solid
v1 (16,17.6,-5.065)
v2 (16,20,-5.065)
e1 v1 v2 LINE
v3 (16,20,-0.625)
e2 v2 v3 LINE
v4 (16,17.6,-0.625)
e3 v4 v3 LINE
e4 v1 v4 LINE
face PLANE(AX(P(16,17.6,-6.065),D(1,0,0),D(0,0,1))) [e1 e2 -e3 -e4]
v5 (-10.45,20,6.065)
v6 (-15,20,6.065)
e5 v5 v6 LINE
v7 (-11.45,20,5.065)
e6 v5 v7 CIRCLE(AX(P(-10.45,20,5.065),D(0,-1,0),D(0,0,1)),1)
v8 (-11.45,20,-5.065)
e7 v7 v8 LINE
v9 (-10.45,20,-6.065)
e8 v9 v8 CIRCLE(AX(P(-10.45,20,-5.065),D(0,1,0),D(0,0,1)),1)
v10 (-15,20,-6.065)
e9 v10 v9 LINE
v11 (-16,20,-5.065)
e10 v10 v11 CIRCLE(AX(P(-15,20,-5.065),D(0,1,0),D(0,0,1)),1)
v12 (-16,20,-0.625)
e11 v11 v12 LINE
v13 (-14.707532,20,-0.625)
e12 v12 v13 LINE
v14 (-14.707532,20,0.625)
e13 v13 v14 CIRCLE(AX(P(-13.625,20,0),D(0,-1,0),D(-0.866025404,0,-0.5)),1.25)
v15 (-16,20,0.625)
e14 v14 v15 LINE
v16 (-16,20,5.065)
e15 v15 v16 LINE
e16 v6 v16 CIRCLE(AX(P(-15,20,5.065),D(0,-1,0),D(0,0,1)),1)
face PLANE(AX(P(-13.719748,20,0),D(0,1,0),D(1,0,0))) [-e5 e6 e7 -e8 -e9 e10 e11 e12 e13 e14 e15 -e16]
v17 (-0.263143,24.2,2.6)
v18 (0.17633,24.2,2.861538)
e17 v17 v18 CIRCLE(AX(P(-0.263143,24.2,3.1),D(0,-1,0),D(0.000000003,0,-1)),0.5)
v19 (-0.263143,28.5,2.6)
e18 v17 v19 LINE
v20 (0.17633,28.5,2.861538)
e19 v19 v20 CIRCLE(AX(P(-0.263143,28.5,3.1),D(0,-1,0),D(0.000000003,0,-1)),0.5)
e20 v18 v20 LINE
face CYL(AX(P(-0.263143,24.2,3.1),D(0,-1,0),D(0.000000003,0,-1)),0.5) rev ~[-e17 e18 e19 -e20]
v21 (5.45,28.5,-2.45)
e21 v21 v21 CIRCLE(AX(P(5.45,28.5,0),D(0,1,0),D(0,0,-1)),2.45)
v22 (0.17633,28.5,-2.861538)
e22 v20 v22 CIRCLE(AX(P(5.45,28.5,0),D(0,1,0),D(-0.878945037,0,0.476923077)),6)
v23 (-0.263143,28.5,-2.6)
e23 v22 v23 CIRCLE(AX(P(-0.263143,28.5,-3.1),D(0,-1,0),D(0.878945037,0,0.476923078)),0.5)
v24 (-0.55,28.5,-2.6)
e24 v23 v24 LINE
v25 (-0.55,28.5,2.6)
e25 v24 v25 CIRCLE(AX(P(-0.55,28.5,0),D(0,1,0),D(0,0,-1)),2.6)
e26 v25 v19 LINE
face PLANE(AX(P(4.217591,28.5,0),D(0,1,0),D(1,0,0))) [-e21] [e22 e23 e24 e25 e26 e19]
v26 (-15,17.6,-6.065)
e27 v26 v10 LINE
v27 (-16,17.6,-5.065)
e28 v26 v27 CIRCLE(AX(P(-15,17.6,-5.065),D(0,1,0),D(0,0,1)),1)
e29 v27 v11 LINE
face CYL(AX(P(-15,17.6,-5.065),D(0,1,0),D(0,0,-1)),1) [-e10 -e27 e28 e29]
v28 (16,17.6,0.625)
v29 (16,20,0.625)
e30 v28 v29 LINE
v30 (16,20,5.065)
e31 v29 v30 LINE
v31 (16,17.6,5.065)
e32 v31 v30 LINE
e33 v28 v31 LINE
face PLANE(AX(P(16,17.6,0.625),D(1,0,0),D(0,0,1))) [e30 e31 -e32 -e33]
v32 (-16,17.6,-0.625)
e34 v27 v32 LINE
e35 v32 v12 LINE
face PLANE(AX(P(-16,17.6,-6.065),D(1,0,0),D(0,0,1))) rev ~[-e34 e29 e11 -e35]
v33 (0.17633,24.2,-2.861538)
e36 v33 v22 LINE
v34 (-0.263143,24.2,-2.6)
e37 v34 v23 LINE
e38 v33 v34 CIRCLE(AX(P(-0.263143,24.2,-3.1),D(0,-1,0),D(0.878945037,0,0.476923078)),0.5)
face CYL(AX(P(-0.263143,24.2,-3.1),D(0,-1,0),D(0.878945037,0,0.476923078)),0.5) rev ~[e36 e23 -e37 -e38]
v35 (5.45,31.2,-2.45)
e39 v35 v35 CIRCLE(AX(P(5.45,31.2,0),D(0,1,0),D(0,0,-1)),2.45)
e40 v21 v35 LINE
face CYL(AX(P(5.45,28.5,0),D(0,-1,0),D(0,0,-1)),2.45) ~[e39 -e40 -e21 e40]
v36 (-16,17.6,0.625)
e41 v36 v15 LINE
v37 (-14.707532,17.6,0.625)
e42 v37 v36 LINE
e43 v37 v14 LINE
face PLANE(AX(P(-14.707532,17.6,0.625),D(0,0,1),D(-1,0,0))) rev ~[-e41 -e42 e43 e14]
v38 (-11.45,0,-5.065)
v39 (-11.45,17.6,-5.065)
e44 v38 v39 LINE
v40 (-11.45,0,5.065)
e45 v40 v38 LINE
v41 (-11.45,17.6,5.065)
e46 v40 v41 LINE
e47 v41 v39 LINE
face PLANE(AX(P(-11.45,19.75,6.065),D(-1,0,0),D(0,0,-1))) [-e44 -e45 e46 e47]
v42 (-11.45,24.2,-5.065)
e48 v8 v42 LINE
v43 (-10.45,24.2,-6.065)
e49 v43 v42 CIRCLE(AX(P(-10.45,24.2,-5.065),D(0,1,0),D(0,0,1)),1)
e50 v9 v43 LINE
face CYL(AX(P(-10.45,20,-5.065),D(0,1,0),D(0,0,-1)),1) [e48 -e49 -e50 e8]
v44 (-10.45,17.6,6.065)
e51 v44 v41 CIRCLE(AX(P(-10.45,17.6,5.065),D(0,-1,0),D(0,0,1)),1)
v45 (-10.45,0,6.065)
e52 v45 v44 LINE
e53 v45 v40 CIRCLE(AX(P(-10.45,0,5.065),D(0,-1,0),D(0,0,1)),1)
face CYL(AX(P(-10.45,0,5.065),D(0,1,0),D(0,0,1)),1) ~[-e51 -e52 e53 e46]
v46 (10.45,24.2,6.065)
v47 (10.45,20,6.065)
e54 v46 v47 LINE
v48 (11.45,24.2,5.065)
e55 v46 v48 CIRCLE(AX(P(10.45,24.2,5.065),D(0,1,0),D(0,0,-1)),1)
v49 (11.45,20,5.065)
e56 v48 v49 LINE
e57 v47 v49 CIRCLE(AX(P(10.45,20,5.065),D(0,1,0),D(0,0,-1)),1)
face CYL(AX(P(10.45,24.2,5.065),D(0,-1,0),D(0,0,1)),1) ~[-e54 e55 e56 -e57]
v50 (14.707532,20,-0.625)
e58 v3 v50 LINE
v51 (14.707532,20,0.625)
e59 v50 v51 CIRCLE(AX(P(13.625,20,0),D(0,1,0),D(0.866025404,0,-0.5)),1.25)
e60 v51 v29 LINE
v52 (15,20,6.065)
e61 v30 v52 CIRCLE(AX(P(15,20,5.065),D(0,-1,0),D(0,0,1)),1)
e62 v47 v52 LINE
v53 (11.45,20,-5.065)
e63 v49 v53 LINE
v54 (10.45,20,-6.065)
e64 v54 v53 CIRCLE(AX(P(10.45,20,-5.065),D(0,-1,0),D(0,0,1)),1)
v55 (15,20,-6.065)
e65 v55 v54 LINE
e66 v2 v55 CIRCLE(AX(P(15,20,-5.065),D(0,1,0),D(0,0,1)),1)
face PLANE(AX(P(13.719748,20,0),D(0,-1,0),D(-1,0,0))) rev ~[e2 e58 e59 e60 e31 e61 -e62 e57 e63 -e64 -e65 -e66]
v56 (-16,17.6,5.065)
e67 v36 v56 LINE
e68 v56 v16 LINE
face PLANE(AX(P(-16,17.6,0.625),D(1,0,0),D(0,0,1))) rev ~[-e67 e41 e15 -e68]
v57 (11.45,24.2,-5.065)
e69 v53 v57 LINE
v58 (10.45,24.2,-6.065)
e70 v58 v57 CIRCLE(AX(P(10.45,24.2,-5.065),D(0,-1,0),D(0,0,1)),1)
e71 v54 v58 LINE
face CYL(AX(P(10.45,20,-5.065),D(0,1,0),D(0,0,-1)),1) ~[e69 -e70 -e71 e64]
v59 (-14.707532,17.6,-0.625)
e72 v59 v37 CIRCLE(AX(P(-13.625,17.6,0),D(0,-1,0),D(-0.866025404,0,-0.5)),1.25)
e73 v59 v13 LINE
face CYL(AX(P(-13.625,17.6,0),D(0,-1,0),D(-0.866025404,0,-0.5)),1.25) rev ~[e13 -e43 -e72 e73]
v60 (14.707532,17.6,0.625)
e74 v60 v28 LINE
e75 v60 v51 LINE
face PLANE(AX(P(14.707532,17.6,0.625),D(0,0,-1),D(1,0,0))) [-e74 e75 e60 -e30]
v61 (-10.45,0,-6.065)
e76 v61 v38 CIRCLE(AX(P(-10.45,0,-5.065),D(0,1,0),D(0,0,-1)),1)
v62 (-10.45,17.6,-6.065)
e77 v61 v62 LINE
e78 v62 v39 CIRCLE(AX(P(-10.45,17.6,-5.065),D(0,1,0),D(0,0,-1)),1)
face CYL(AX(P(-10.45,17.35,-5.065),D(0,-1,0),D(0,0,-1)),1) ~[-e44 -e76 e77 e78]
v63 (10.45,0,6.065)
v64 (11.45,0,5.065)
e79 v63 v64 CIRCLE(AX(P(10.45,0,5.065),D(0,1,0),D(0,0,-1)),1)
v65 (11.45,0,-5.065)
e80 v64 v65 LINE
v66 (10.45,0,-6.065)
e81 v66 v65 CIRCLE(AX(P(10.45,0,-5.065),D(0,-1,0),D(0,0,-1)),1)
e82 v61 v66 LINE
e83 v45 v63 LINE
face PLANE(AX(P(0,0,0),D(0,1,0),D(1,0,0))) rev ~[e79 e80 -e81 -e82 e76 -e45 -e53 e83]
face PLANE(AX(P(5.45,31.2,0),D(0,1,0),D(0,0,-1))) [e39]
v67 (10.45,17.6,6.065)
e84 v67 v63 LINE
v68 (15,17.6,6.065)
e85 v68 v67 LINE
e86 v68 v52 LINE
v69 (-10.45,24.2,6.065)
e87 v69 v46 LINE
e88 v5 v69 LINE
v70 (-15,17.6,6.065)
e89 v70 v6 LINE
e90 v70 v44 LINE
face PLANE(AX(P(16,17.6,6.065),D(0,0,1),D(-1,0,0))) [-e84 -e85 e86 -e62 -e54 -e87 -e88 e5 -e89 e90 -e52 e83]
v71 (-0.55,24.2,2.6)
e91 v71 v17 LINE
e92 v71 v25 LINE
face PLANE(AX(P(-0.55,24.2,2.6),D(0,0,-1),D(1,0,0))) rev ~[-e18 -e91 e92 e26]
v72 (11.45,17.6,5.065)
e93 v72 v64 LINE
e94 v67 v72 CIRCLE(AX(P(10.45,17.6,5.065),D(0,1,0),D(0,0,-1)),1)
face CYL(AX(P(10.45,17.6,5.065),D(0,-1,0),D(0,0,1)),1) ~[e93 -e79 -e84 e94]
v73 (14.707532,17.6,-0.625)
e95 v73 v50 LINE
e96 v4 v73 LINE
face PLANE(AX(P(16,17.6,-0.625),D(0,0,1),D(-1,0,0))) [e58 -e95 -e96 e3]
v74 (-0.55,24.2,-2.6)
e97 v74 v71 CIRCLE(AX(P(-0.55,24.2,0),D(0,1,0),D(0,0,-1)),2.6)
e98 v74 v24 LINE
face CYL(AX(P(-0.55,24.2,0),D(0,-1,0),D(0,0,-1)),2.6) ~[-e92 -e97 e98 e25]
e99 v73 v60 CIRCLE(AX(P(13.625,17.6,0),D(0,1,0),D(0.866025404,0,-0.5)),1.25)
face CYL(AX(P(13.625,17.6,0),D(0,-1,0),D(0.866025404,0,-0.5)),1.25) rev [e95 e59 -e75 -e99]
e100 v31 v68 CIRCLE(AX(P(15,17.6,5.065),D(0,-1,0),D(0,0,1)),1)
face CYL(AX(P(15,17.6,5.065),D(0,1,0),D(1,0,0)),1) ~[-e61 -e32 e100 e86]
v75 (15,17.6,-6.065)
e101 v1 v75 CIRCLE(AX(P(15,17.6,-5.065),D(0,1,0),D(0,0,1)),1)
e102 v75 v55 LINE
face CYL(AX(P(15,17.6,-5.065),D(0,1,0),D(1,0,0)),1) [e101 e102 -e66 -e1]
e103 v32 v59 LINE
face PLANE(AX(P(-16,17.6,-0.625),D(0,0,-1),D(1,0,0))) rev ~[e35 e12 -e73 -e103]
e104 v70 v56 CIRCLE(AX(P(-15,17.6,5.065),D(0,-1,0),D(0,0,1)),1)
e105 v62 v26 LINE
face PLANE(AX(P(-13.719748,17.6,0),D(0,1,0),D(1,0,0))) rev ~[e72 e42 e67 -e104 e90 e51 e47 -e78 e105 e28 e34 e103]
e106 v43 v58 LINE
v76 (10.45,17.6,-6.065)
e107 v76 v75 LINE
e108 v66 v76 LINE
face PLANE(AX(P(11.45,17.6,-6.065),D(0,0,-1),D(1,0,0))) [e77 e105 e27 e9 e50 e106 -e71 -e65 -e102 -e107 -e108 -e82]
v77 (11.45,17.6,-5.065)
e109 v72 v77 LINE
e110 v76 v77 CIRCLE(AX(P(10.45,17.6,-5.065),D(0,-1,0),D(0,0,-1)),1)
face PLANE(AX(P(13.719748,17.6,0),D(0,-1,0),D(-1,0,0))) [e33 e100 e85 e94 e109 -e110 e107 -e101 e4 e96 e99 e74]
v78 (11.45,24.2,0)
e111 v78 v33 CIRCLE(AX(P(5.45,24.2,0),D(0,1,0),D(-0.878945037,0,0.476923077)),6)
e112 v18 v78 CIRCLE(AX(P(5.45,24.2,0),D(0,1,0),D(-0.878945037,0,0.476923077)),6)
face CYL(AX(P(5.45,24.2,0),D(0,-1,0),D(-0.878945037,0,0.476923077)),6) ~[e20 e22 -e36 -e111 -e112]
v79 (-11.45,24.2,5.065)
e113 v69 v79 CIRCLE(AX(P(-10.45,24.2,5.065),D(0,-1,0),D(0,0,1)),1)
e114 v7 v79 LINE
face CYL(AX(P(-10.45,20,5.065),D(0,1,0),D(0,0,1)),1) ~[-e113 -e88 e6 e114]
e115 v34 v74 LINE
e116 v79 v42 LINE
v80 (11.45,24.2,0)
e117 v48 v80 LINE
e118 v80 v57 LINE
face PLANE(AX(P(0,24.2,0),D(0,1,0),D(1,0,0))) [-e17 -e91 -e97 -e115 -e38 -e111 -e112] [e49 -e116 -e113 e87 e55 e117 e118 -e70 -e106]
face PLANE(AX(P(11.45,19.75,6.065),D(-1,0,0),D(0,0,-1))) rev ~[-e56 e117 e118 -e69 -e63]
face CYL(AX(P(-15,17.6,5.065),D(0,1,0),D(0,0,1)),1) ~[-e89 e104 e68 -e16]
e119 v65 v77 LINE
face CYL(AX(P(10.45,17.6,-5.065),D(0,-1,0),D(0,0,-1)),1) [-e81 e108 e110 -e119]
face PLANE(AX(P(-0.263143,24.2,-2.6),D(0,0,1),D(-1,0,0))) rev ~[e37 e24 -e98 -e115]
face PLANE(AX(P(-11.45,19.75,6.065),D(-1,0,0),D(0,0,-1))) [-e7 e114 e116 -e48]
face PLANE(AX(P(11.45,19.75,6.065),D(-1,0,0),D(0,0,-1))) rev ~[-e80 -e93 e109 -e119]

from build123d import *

# Parameters (mm, degrees)
ESBO_O2_W                  = 22.9
ESBO_O2_H                  = 12.13
RESSALTO_EXTRUS_O1_DEPTH   = 17.35
ESBO_O3_W                  = 32
ESBO_O3_H                  = 12.13
RESSALTO_EXTRUS_O2_DEPTH   = 2.4
ESBO_O4_W                  = 22.9
ESBO_O4_H                  = 12.13
RESSALTO_EXTRUS_O3_DEPTH   = 4.45
CORTE_EXTRUS_O1_DEPTH      = 2.4
RESSALTO_EXTRUS_O4_DEPTH   = 4.3
ESBO_O7_R                  = 2.45
RESSALTO_EXTRUS_O5_DEPTH   = 2.7
CORTE_EXTRUS_O2_DEPTH      = 1
CORTE_EXTRUS_O2_DEPTH_BACK = 16
ESBO_O10_W                 = 9.190370446
ESBO_O10_H                 = 13.482765879
ESBO_O10_W_2               = 7.294178248
ESBO_O10_H_2               = 14.557386271
RESSALTO_EXTRUS_O7_DEPTH   = 2.4
FILETE1_R                  = 1


with BuildPart() as part:
    # Esboço2 → Ressalto-extrusão1 (new body)
    with BuildSketch(Plane(origin=(0, 0, 0), x_dir=(1, 0, 0), z_dir=(0, 1, 0))):
        Rectangle(ESBO_O2_W, ESBO_O2_H)
    extrude(amount=RESSALTO_EXTRUS_O1_DEPTH)

    # Esboço3 → Ressalto-extrusão2 (add)
    with BuildSketch(Plane(origin=(0, 17.35, 0), x_dir=(1, 0, 0), z_dir=(0, 1, 0))):
        Rectangle(ESBO_O3_W, ESBO_O3_H)
    extrude(amount=RESSALTO_EXTRUS_O2_DEPTH)

    # Esboço4 → Ressalto-extrusão3 (add)
    with BuildSketch(Plane(origin=(0, 19.75, 0), x_dir=(1, 0, 0), z_dir=(0, 1, 0))):
        Rectangle(ESBO_O4_W, ESBO_O4_H)
    extrude(amount=RESSALTO_EXTRUS_O3_DEPTH)

    # Esboço5 → Corte-extrusão1 (cut)
    with BuildSketch(Plane(origin=(0, 19.75, 0), x_dir=(1, 0, 0), z_dir=(0, 1, 0))):
        with BuildLine():
            Line((-16, -0.625), (-16, 0.625))
            Line((-16, 0.625), (-14.707531755, 0.625))
            ThreePointArc((-14.707531755, 0.625), (-12.375, 0), (-14.707531755, -0.625))
            Line((-14.707531755, -0.625), (-16, -0.625))
        make_face()
        with BuildLine():
            Line((14.707531755, -0.625), (16, -0.625))
            Line((16, -0.625), (16, 0.625))
            Line((16, 0.625), (14.707531755, 0.625))
            ThreePointArc((14.707531755, 0.625), (12.375, 0), (14.707531755, -0.625))
        make_face()
    extrude(amount=-CORTE_EXTRUS_O1_DEPTH, mode=Mode.SUBTRACT)

    # Esboço6 → Ressalto-extrusão4 (add)
    with BuildSketch(Plane(origin=(0, 24.2, 0), x_dir=(1, 0, 0), z_dir=(0, 1, 0))):
        with BuildLine():
            Line((-0.55, -2.6), (-0.263142743, -2.6))
            ThreePointArc((-0.263142743, -2.6), (-0.007438587, -2.670331076), (0.176329776, -2.861538462))
            ThreePointArc((0.176329776, -2.861538462), (11.45, 0), (0.176329776, 2.861538462))
            ThreePointArc((0.176329776, 2.861538462), (-0.007438587, 2.670331076), (-0.263142743, 2.6))
            Line((-0.263142743, 2.6), (-0.55, 2.6))
            ThreePointArc((-0.55, 2.6), (-3.15, 0), (-0.55, -2.6))
        make_face()
    extrude(amount=RESSALTO_EXTRUS_O4_DEPTH)

    # Esboço7 → Ressalto-extrusão5 (add)
    with BuildSketch(Plane(origin=(0, 28.5, 0), x_dir=(1, 0, 0), z_dir=(0, 1, 0))):
        with Locations(Location((5.45, 0, 0), (0, 0, 90))):
            Circle(ESBO_O7_R)
    extrude(amount=RESSALTO_EXTRUS_O5_DEPTH)

    # Esboço10 → Corte-extrusão2 (cut, two sides: drawn at the far end of the back side and taken through both)
    with BuildSketch(Plane(origin=(0, 28.5, 0), x_dir=(1, 0, 0), z_dir=(0, 1, 0)).offset(-CORTE_EXTRUS_O2_DEPTH_BACK)):
        with Locations((16.045185223, -0.676382939)):
            Rectangle(ESBO_O10_W, ESBO_O10_H)
        with Locations((-15.097089124, -1.213693136)):
            Rectangle(ESBO_O10_W_2, ESBO_O10_H_2)
    extrude(amount=CORTE_EXTRUS_O2_DEPTH + CORTE_EXTRUS_O2_DEPTH_BACK, mode=Mode.SUBTRACT)

    # Esboço12 → Ressalto-extrusão7 (add)
    with BuildSketch(Plane(origin=(0, 17.6, 0), x_dir=(1, 0, 0), z_dir=(0, 1, 0))):
        with BuildLine():
            Line((16, 0.625), (14.707531755, 0.625))
            ThreePointArc((14.707531755, 0.625), (12.375, 0), (14.707531755, -0.625))
            Line((14.707531755, -0.625), (16, -0.625))
            Line((16, -0.625), (16, -6.065))
            Line((16, -6.065), (11.45, -6.065))
            Line((11.45, -6.065), (11.45, 6.065))
            Line((11.45, 6.065), (16, 6.065))
            Line((16, 6.065), (16, 0.625))
        make_face()
        with BuildLine():
            Line((-16, -0.625), (-16, -6.065))
            Line((-16, -6.065), (-11.45, -6.065))
            Line((-11.45, -6.065), (-11.45, 6.065))
            Line((-11.45, 6.065), (-16, 6.065))
            Line((-16, 6.065), (-16, 0.625))
            Line((-16, 0.625), (-14.707531755, 0.625))
            ThreePointArc((-14.707531755, 0.625), (-12.375, 0), (-14.707531755, -0.625))
            Line((-14.707531755, -0.625), (-16, -0.625))
        make_face()
    extrude(amount=RESSALTO_EXTRUS_O7_DEPTH)

    # Filete1
    filete1_edges = [part.edges().sort_by_distance(p)[0] for p in [
        (11.45, 8.8, 6.065),
        (11.45, 8.8, -6.065),
        (16, 18.8, -6.065),
        (16, 18.8, 6.065),
        (-11.45, 8.8, 6.065),
        (-11.45, 8.8, -6.065),
        (-16, 18.8, 6.065),
        (-16, 18.8, -6.065),
        (-11.45, 22.1, -6.065),
        (11.45, 22.1, -6.065),
        (11.45, 22.1, 6.065),
        (-11.45, 22.1, 6.065),
    ]]
    fillet(filete1_edges, radius=FILETE1_R)


solid = part.part
